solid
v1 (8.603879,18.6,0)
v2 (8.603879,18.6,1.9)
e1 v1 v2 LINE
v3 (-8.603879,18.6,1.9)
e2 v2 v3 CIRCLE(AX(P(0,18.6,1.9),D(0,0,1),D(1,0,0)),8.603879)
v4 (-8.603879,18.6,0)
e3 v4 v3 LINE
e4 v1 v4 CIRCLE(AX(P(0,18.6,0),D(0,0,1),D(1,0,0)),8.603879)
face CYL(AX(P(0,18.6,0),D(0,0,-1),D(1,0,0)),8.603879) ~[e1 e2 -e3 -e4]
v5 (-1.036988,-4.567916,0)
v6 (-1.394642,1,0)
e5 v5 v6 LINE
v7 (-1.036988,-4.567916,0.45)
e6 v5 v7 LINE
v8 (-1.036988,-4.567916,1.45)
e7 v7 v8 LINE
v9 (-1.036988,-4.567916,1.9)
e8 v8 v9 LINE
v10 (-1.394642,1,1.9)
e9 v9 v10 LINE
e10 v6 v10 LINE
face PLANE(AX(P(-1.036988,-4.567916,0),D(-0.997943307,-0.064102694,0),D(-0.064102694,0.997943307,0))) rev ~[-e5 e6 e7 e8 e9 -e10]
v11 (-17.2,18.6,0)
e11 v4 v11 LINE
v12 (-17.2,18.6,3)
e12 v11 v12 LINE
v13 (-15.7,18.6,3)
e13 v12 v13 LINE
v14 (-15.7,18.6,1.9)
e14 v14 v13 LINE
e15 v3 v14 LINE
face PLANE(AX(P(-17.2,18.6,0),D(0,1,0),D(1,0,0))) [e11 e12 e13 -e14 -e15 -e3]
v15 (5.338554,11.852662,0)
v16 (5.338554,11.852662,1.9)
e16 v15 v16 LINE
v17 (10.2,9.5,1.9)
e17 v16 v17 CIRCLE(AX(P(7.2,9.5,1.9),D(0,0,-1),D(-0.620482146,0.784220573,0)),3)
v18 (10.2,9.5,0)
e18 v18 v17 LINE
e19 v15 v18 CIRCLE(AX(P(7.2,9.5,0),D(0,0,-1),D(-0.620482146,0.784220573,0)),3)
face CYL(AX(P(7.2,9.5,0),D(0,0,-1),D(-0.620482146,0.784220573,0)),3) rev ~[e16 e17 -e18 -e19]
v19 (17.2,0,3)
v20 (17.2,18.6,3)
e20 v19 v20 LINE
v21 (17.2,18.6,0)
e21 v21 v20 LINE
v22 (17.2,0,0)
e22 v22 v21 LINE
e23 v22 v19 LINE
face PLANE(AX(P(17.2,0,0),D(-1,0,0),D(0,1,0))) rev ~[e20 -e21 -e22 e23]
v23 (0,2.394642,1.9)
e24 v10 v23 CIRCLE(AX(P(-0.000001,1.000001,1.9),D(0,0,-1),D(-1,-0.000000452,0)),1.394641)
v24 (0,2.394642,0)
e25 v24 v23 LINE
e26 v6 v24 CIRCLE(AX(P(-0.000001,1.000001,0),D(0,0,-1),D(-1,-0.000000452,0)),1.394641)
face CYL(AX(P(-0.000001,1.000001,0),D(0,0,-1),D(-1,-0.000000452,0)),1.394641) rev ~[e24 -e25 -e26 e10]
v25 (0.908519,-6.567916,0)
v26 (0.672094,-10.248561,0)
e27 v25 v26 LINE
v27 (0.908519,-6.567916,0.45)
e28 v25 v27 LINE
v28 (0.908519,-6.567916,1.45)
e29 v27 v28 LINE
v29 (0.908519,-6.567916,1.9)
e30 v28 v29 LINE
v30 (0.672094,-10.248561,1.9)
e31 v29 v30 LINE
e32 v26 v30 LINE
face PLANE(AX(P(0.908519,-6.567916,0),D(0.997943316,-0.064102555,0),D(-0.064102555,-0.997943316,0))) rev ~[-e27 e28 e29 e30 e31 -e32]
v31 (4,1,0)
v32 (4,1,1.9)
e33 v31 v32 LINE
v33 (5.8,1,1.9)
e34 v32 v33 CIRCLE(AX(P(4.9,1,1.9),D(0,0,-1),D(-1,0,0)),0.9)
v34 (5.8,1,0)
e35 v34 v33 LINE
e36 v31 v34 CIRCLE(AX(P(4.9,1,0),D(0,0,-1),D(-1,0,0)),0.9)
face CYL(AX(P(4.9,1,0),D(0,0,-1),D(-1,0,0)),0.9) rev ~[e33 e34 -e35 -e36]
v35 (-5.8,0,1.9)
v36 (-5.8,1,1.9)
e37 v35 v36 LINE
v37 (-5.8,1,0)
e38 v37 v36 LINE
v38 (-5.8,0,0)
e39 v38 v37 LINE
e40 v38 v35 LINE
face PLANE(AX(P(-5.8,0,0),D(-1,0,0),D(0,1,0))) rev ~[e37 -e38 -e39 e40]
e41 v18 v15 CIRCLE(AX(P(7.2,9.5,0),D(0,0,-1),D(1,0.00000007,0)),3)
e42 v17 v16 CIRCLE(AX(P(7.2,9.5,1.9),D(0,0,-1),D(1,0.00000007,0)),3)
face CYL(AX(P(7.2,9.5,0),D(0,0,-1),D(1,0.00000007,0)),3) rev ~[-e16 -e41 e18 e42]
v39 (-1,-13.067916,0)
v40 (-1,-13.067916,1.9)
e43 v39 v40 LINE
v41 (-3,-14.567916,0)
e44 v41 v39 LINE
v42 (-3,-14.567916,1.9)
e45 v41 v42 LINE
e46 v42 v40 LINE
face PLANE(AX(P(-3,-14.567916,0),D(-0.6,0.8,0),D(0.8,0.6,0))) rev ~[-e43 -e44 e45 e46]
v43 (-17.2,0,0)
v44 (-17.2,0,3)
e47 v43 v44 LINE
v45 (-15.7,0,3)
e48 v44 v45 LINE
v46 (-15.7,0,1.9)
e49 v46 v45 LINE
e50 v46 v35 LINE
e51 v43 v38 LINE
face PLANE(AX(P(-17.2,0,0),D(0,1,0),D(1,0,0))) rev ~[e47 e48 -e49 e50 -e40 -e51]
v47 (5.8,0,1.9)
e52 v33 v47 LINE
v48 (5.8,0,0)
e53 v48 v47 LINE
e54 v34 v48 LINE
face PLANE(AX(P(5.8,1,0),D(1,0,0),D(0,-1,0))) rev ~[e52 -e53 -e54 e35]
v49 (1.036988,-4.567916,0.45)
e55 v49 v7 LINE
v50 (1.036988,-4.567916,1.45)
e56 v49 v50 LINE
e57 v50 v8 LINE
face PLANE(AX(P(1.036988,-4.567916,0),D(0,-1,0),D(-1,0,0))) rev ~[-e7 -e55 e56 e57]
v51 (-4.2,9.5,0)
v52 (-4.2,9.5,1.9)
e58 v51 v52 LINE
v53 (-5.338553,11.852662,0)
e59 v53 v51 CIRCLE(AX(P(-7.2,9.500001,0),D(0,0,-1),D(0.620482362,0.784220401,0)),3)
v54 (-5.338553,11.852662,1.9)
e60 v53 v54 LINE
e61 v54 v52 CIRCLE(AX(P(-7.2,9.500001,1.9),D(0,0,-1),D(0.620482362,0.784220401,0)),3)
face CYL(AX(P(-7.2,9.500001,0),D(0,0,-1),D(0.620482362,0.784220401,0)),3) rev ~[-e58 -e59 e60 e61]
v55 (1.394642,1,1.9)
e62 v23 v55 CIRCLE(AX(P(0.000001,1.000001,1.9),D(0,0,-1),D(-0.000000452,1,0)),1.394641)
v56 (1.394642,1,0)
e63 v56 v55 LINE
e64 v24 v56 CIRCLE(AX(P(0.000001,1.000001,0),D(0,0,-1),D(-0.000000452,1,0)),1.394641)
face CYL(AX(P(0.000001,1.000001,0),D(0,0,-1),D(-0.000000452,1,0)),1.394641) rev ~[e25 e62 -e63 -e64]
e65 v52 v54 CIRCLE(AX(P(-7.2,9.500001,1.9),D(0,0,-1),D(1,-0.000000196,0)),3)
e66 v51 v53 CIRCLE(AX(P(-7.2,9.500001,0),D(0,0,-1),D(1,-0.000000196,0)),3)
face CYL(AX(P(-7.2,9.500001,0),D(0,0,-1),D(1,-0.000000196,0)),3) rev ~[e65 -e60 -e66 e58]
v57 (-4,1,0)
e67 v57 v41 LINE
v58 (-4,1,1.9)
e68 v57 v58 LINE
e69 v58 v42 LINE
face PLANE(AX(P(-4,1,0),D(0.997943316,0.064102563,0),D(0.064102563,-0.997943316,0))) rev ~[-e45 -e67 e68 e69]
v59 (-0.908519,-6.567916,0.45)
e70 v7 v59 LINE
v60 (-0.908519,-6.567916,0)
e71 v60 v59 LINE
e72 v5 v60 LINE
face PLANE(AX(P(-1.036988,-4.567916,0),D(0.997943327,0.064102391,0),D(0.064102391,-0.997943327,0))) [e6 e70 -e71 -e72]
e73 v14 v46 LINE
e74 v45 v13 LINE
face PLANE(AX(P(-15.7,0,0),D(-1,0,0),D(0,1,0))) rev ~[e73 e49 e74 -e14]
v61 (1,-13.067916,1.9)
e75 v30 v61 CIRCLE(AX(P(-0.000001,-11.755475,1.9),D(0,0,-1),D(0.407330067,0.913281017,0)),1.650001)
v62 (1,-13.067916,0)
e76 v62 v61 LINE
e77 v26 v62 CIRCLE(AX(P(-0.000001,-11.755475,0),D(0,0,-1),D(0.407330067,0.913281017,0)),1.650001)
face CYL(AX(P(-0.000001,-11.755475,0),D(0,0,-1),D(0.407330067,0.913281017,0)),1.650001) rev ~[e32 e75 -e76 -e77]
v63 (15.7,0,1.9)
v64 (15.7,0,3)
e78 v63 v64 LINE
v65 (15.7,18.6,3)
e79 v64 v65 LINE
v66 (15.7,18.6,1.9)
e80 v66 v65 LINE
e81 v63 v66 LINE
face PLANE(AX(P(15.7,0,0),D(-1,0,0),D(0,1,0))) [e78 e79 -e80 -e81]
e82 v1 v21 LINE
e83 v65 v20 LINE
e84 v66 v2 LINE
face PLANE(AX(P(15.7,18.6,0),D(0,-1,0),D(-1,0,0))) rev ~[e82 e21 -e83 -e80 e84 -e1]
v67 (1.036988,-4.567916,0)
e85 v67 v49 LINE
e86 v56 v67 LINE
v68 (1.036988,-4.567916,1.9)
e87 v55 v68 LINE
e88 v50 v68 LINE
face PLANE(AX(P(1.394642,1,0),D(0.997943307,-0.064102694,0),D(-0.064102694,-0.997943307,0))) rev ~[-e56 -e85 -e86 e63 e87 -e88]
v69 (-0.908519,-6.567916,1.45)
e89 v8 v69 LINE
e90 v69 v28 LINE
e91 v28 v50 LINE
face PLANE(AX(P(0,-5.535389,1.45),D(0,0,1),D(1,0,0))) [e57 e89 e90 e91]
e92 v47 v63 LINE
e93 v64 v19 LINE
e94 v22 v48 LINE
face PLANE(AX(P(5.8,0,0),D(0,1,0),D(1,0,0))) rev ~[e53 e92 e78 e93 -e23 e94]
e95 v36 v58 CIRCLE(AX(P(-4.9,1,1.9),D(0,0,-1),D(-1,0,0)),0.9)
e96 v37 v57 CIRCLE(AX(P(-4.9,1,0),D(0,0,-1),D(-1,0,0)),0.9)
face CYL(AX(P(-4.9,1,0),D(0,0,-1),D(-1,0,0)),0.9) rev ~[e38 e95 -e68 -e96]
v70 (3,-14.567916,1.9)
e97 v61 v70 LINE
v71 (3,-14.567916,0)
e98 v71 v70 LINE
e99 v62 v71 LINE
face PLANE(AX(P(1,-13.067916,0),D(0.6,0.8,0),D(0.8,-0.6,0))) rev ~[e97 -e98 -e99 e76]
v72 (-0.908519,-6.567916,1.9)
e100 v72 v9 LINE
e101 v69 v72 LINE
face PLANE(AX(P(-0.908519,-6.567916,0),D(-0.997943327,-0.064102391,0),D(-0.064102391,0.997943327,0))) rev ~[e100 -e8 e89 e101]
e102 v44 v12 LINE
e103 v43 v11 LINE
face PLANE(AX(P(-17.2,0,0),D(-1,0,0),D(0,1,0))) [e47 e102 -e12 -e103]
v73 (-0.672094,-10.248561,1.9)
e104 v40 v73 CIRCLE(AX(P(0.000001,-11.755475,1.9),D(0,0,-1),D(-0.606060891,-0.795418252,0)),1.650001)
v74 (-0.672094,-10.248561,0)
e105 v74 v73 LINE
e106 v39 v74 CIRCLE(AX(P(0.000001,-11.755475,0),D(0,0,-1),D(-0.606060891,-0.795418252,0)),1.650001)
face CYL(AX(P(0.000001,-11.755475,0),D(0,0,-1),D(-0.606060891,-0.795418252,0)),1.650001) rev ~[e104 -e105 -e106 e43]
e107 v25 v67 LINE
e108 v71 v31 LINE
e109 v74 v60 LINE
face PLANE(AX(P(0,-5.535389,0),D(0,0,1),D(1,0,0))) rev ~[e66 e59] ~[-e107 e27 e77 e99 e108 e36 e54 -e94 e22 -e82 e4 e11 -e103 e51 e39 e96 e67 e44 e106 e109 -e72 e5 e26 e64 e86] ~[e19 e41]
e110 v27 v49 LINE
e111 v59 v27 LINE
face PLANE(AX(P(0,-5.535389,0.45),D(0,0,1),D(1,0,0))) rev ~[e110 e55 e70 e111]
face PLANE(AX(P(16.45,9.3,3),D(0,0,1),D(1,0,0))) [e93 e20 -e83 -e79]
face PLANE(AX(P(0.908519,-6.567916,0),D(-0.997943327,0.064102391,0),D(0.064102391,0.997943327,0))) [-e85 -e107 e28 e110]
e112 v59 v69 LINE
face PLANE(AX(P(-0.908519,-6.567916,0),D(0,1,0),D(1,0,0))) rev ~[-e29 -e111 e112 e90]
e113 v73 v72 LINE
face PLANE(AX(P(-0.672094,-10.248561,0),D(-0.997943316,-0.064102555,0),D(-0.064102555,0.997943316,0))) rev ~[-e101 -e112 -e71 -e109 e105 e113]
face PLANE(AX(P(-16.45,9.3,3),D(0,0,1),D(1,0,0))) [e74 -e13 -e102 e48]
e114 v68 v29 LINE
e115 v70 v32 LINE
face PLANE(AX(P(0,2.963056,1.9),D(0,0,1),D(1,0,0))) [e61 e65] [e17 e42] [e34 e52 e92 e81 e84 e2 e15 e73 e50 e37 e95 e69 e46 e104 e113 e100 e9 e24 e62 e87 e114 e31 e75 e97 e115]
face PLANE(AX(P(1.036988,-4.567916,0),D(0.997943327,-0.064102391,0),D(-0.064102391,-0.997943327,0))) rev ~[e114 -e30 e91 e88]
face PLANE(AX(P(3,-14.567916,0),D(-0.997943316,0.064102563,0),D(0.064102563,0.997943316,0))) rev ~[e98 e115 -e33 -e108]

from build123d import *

# Parameters (mm, degrees)
F1_DEPTH = 1.9
F0_W     = 1.5
F0_H     = 18.6
F2_DEPTH = 3
F3_DEPTH = 1.45
F4_DEPTH = 0.45


with BuildPart() as f1:
    # F0 (on Top) → F1 (new body)
    with BuildSketch(Plane.XY):
        with BuildLine():
            Line((-15.7, 0), (-5.8, 0))
            Line((-5.8, 0), (-5.8, 1))
            ThreePointArc((-5.8, 1), (-4.9, 1.9), (-4, 1))
            Line((-4, 1), (-3, -14.567916))
            Line((-3, -14.567916), (-1, -13.067916))
            ThreePointArc((-1, -13.067916), (-1.638952, -11.564856), (-0.672094, -10.248561))
            Line((-0.672094, -10.248561), (-0.908519, -6.567916))
            Line((-0.908519, -6.567916), (-1.036988, -4.567916))
            Line((-1.036988, -4.567916), (-1.394642, 1))
            ThreePointArc((-1.394642, 1), (-0.986161, 1.986161), (0, 2.394642))
            ThreePointArc((0, 2.394642), (0.986161, 1.986161), (1.394642, 1))
            Line((1.394642, 1), (1.036988, -4.567916))
            Line((1.036988, -4.567916), (0.908519, -6.567916))
            Line((0.908519, -6.567916), (0.672094, -10.248561))
            ThreePointArc((0.672094, -10.248561), (1.638952, -11.564856), (1, -13.067916))
            Line((1, -13.067916), (3, -14.567916))
            Line((3, -14.567916), (4, 1))
            ThreePointArc((4, 1), (4.9, 1.9), (5.8, 1))
            Line((5.8, 1), (5.8, 0))
            Line((5.8, 0), (15.7, 0))
            Line((15.7, 0), (15.7, 18.6))
            Line((15.7, 18.6), (8.603879, 18.6))
            ThreePointArc((8.603879, 18.6), (7.744643, 14.852036), (5.338554, 11.852662))
            ThreePointArc((5.338554, 11.852662), (0, 9.996121), (-5.338553, 11.852662))
            ThreePointArc((-5.338553, 11.852662), (-7.744643, 14.852036), (-8.603879, 18.6))
            Line((-8.603879, 18.6), (-15.7, 18.6))
            Line((-15.7, 18.6), (-15.7, 0))
        make_face()
        with BuildLine():
            ThreePointArc((-4.2, 9.5), (-9.900402, 8.19316), (-5.338553, 11.852662))
            ThreePointArc((-5.338553, 11.852662), (-4.499598, 10.80684), (-4.2, 9.5))
        make_face(mode=Mode.SUBTRACT)
        with BuildLine():
            ThreePointArc((10.2, 9.5), (5.89316, 6.799598), (5.338554, 11.852662))
            ThreePointArc((5.338554, 11.852662), (8.50684, 12.200402), (10.2, 9.5))
        make_face(mode=Mode.SUBTRACT)
        with BuildLine():
            Line((0, 18.6), (-8.603879, 18.6))
            ThreePointArc((-8.603879, 18.6), (-7.744643, 14.852036), (-5.338553, 11.852662))
            ThreePointArc((-5.338553, 11.852662), (0, 9.996121), (5.338554, 11.852662))
            ThreePointArc((5.338554, 11.852662), (7.744643, 14.852036), (8.603879, 18.6))
            Line((8.603879, 18.6), (0, 18.6))
        make_face()
        with BuildLine():
            ThreePointArc((8.603879, 18.6), (0, 27.203879), (-8.603879, 18.6))
            Line((-8.603879, 18.6), (0, 18.6))
            Line((0, 18.6), (8.603879, 18.6))
        make_face()
    extrude(amount=F1_DEPTH)

    # F0 (on Top) → F2 (join)
    with BuildSketch(Plane.XY):
        with Locations((-16.45, 9.3)):
            Rectangle(F0_W, F0_H)
        with Locations((16.45, 9.3)):
            Rectangle(F0_W, F0_H)
    extrude(amount=F2_DEPTH)

    # F0 (on Top) → F3 (join)
    with BuildSketch(Plane.XY):
        Polygon((-1.036988, -4.567916), (-0.908519, -6.567916), (0.908519, -6.567916), (1.036988, -4.567916), align=None)
    extrude(amount=F3_DEPTH)

    # F0 (on Top) → F4 (cut)
    with BuildSketch(Plane.XY):
        Polygon((-1.036988, -4.567916), (-0.908519, -6.567916), (0.908519, -6.567916), (1.036988, -4.567916), align=None)
    extrude(amount=F4_DEPTH, mode=Mode.SUBTRACT)


solid = f1.part
